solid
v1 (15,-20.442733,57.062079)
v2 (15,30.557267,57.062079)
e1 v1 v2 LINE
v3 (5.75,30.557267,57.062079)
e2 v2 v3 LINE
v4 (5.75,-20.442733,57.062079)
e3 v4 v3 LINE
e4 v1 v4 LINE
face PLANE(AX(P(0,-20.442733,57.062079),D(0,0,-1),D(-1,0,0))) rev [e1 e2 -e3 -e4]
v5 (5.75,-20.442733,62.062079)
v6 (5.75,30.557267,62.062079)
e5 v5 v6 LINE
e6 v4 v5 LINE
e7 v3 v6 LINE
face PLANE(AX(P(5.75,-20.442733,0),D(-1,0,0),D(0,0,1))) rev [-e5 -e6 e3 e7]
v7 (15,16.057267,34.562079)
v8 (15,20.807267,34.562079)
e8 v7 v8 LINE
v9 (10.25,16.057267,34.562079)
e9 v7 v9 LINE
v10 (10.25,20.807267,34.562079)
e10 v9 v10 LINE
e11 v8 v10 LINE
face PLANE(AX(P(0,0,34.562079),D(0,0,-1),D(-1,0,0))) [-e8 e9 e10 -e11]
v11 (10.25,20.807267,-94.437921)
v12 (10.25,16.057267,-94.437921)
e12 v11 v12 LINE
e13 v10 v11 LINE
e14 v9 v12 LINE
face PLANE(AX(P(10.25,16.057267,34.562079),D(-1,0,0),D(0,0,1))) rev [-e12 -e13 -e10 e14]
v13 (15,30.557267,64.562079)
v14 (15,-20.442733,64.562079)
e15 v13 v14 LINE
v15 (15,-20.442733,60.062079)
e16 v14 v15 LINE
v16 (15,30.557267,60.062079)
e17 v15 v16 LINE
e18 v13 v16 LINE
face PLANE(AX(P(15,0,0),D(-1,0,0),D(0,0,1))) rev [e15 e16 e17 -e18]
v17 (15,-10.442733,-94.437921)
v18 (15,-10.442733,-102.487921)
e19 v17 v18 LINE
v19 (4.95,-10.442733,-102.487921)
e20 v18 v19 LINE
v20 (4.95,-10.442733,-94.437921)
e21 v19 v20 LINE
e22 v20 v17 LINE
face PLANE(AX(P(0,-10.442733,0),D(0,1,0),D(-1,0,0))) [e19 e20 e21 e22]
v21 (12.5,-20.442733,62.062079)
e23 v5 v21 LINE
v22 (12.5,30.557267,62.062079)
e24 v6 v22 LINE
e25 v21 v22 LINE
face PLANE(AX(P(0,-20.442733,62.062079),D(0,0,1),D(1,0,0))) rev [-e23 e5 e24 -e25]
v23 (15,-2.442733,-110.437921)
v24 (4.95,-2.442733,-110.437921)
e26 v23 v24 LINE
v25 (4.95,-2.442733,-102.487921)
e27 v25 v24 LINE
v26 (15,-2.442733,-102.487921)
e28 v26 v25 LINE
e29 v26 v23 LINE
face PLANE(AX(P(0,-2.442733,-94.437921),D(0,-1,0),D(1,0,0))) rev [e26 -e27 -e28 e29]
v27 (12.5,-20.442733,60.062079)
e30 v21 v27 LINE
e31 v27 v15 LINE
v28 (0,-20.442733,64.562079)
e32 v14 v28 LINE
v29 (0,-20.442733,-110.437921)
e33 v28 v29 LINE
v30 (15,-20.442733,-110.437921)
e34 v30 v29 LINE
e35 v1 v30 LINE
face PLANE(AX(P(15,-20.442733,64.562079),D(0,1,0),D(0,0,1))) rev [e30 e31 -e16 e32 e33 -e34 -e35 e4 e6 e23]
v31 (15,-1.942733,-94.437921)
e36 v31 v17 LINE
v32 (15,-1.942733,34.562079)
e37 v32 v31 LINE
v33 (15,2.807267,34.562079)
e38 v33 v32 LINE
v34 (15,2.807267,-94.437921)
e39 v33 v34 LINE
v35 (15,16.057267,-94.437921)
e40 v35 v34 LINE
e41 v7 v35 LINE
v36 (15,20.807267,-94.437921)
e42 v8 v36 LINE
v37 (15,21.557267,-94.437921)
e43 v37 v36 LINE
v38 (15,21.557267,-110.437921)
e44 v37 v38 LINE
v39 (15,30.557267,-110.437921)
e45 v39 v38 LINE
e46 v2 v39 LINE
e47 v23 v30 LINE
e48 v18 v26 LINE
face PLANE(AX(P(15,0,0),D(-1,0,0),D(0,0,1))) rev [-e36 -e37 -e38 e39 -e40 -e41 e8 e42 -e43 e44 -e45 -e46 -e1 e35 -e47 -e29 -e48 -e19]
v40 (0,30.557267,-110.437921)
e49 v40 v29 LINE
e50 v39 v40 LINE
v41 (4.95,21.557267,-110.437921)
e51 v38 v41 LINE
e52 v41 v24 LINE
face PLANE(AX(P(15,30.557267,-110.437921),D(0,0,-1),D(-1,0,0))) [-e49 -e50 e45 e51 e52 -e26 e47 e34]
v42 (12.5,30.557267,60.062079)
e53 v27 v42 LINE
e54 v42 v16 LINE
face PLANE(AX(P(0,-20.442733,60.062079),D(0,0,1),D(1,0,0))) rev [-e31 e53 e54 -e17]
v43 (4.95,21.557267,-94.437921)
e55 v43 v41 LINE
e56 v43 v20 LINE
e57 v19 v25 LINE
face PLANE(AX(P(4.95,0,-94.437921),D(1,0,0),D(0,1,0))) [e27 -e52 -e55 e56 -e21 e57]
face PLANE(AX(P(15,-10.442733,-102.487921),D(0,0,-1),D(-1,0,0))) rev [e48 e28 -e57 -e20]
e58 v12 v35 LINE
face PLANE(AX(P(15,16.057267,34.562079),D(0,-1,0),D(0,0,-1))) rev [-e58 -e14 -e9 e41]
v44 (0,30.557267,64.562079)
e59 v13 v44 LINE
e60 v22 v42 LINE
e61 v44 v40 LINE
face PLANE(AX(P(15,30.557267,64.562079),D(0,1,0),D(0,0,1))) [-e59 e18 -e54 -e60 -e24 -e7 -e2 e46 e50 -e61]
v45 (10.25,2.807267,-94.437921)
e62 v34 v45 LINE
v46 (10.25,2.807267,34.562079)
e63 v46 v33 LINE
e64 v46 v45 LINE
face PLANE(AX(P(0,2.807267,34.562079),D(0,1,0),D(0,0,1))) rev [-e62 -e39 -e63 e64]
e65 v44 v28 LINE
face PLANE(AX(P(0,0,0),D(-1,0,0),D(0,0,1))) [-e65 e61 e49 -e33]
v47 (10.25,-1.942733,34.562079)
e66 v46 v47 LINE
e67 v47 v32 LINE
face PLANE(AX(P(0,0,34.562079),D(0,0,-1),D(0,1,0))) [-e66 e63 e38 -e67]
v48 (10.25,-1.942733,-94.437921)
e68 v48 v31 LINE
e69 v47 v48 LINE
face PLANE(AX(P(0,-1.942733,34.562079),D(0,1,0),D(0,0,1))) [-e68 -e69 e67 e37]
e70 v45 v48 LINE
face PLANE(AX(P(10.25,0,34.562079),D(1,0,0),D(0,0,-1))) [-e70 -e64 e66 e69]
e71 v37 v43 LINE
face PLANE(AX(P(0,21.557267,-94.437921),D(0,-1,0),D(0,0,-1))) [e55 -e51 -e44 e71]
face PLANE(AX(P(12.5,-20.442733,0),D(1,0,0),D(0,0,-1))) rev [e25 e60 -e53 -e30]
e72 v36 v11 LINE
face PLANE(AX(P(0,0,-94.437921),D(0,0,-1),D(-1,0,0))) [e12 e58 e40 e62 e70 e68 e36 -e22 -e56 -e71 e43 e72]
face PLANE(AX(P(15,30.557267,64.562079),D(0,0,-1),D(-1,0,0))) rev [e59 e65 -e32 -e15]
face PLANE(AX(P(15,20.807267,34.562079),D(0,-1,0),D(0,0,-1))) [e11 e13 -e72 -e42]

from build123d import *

# Parameters (mm, degrees)
SKETCH1_W           = 175
SKETCH1_H           = 51
BOSS_EXTRUDE1_DEPTH = 15
CUT_EXTRUDE3_DEPTH  = 52
SKETCH7_W           = 4.75
SKETCH7_H           = 4.75
CUT_EXTRUDE5_DEPTH  = 145
SKETCH8_W           = 10.05
SKETCH8_H           = 24
CUT_EXTRUDE6_DEPTH  = 16
SKETCH9_W           = 10.05
SKETCH9_H           = 8.05
CUT_EXTRUDE7_DEPTH  = 8


with BuildPart() as part:
    # Sketch1 → Boss-Extrude1 (new body)
    with BuildSketch(Plane(origin=(0, 0, 0), x_dir=(0, 0, -1), z_dir=(1, 0, 0))):
        with Locations((22.937921078, 5.057266603)):
            Rectangle(SKETCH1_W, SKETCH1_H)
    extrude(amount=BOSS_EXTRUDE1_DEPTH)

    # Sketch6 → Cut-Extrude3 (cut, through all)
    with BuildSketch(Plane(origin=(0, 30.557266603, 0), x_dir=(1, 0, 0), z_dir=(0, 1, 0))):
        Polygon((12.5, -60.062078922), (15, -60.062078922), (15, -57.062078922), (12.5, -57.062078922), (5.75, -57.062078922), (5.75, -62.062078922), (12.5, -62.062078922), align=None)
    extrude(amount=-CUT_EXTRUDE3_DEPTH, mode=Mode.SUBTRACT)

    # Sketch7 → Cut-Extrude5 (cut)
    with BuildSketch(Plane(origin=(0, 0, -110.437921078), x_dir=(-1, 0, 0), z_dir=(0, 0, -1))):
        with Locations((-12.625, 0.432266603)):
            Rectangle(SKETCH7_W, SKETCH7_H)
        with Locations((-12.625, 18.432266603)):
            Rectangle(SKETCH7_W, SKETCH7_H)
    extrude(amount=-CUT_EXTRUDE5_DEPTH, mode=Mode.SUBTRACT)

    # Sketch8 → Cut-Extrude6 (cut)
    with BuildSketch(Plane(origin=(0, 0, -110.437921078), x_dir=(-1, 0, 0), z_dir=(0, 0, -1))):
        with Locations((-9.975, 9.557266603)):
            Rectangle(SKETCH8_W, SKETCH8_H)
    extrude(amount=-CUT_EXTRUDE6_DEPTH, mode=Mode.SUBTRACT)

    # Sketch9 → Cut-Extrude7 (cut)
    with BuildSketch(Plane(origin=(0, -2.442733397, 0), x_dir=(1, 0, 0), z_dir=(0, 1, 0))):
        with Locations((9.975, 98.462921078)):
            Rectangle(SKETCH9_W, SKETCH9_H)
    extrude(amount=-CUT_EXTRUDE7_DEPTH, mode=Mode.SUBTRACT)


solid = part.part
